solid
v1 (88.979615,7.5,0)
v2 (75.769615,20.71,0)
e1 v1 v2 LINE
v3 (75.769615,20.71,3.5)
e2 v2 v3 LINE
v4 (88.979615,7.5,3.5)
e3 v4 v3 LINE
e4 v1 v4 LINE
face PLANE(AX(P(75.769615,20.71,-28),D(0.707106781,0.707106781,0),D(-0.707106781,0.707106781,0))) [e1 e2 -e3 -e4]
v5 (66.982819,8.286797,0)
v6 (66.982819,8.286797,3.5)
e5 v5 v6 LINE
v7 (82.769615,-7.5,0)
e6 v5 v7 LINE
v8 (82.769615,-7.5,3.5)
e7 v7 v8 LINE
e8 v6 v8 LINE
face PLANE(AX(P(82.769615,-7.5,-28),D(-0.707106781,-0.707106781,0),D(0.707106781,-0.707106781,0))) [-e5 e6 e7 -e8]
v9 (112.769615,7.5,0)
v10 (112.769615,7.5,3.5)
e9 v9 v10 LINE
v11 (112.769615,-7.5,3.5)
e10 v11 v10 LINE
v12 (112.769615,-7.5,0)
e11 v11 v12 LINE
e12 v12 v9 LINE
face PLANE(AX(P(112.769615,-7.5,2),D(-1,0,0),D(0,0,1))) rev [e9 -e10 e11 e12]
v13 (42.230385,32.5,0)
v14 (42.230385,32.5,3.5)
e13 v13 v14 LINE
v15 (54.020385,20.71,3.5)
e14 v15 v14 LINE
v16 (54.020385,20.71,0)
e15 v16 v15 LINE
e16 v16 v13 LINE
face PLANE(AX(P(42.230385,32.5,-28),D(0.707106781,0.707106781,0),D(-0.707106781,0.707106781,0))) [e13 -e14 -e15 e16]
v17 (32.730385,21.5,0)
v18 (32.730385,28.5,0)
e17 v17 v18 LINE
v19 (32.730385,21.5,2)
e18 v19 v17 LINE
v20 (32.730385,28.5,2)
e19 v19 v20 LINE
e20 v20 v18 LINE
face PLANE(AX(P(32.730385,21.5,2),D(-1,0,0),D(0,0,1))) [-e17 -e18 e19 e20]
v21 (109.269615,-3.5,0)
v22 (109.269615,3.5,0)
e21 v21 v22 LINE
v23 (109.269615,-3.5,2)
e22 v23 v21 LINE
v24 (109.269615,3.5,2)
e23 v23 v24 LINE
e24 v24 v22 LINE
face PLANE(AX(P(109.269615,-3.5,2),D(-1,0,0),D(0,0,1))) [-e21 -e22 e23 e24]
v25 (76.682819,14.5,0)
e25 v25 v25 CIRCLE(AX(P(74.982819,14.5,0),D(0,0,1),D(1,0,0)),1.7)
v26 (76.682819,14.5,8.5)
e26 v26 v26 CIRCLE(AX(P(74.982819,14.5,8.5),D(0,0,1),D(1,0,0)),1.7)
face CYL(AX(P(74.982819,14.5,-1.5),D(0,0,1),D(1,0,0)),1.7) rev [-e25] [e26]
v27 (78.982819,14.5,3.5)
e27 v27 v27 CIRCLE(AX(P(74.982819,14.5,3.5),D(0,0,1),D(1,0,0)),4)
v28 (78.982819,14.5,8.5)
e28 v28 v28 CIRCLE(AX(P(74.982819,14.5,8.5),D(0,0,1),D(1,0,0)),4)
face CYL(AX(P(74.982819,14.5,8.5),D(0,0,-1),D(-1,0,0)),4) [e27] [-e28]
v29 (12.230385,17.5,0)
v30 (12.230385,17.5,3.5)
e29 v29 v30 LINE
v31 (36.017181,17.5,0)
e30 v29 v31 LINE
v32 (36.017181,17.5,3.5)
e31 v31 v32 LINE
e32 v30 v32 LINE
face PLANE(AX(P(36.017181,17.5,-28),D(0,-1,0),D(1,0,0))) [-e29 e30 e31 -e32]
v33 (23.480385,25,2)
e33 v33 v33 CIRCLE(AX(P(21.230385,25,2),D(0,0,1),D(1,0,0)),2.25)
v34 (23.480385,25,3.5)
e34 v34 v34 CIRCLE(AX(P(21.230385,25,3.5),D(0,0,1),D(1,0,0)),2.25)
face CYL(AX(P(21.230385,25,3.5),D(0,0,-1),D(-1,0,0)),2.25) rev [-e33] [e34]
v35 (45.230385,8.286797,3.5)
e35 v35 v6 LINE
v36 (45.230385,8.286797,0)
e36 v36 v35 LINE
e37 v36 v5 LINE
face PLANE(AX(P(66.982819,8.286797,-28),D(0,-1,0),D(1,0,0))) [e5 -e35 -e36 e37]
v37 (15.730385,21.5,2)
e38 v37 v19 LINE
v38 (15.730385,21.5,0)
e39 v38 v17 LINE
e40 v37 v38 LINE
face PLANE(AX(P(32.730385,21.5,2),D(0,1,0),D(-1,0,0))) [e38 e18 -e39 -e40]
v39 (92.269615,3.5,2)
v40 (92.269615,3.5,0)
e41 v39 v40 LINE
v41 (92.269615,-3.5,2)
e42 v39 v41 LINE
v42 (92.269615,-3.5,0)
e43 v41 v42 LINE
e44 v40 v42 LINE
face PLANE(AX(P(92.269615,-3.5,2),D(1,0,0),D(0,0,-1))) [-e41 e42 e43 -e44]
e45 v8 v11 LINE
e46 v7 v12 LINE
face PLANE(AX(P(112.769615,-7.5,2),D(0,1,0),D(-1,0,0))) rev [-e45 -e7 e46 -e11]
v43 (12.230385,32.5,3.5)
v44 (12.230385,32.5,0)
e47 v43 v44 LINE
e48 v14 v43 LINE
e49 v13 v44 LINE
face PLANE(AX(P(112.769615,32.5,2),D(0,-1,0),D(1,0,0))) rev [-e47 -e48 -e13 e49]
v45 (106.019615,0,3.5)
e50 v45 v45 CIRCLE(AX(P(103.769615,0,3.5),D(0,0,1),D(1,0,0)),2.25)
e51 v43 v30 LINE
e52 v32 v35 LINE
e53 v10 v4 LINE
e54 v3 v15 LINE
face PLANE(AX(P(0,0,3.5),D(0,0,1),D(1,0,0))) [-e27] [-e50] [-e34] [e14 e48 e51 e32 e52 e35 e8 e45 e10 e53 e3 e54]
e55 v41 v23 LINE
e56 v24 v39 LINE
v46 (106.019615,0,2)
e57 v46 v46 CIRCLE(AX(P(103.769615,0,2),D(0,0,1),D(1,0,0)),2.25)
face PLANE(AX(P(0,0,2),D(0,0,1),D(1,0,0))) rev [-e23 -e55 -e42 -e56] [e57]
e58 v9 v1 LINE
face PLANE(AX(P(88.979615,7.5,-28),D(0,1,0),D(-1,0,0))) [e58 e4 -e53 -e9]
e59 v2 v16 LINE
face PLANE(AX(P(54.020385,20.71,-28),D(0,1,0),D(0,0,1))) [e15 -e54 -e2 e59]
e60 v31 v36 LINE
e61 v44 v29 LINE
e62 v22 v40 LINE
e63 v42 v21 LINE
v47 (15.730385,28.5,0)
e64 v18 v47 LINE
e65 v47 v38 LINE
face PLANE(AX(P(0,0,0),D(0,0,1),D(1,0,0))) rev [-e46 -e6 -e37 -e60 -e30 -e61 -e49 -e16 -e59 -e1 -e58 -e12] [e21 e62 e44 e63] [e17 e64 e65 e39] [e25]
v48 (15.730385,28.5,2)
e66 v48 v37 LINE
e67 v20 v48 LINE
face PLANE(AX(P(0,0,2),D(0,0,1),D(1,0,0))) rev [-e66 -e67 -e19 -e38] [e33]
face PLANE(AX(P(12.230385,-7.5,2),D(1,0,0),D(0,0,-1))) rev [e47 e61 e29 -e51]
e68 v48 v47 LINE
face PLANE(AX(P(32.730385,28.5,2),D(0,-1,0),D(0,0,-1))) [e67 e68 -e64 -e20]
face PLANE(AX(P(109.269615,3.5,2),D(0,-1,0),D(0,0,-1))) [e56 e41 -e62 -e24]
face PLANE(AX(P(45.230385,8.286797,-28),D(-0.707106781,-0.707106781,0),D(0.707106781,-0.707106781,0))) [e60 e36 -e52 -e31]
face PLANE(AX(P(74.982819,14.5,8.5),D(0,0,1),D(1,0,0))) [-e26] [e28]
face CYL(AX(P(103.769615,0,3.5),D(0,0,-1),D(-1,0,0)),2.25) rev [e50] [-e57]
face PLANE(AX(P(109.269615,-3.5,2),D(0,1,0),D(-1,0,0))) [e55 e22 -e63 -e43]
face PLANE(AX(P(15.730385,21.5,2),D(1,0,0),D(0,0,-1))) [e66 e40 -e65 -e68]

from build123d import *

# Parameters (mm, degrees)
SKETCH_1_W          = 100.539230484
SKETCH_1_H          = 40
SKETCH_1_W_2        = 17
SKETCH_1_H_2        = 7
EXTRUDE_1_DEPTH     = 2
SKETCH_2_W          = 100.539230484
SKETCH_2_H          = 40
SKETCH_2_R          = 2.25
EXTRUDE_2_DEPTH     = 1.5
SKETCH_3_W          = 184.808915215
SKETCH_3_H          = 94.825170589
CUT_EXTRUDE_1_DEPTH = 31.5
SKETCH_5_R          = 4
EXTRUDE_4_DEPTH     = 5
SKETCH_6_R          = 1.7
CUT_EXTRUDE_2_DEPTH = 10


with BuildPart() as part:
    # Эскиз1 → Бобышка-Вытянуть1 (new body)
    with BuildSketch(Plane.XY):
        with Locations((62.5, 12.5)):
            Rectangle(SKETCH_1_W, SKETCH_1_H)
        with Locations((24.230384758, 25)):
            Rectangle(SKETCH_1_W_2, SKETCH_1_H_2, mode=Mode.SUBTRACT)
        with Locations((100.769615242, 0)):
            Rectangle(SKETCH_1_W_2, SKETCH_1_H_2, mode=Mode.SUBTRACT)
    extrude(amount=EXTRUDE_1_DEPTH)

    # Эскиз2 → Бобышка-Вытянуть2 (add)
    with BuildSketch(Plane.XY.offset(2)):
        with Locations((62.5, 12.5)):
            Rectangle(SKETCH_2_W, SKETCH_2_H)
        with Locations((21.230384758, 25)):
            Circle(SKETCH_2_R, mode=Mode.SUBTRACT)
        with Locations((103.769615242, 0)):
            Circle(SKETCH_2_R, mode=Mode.SUBTRACT)
    extrude(amount=EXTRUDE_2_DEPTH)

    # Эскиз3 → Вырез-Вытянуть1 (cut)
    with BuildSketch(Plane.XY.offset(3.5)):
        with Locations((81.231416835, 7.831688581)):
            Rectangle(SKETCH_3_W, SKETCH_3_H)
        Polygon((12.230384758, 32.5), (42.230384758, 32.5), (54.020384758, 20.71), (75.769615242, 20.71), (88.979615242, 7.5), (112.769615242, 7.5), (112.769615242, -7.5), (82.769615242, -7.5), (66.982818678, 8.286796564), (45.230384758, 8.286796564), (36.017181322, 17.5), (12.230384758, 17.5), align=None, mode=Mode.SUBTRACT)
    extrude(amount=-CUT_EXTRUDE_1_DEPTH, mode=Mode.SUBTRACT)

    # Эскиз5 → Бобышка-Вытянуть4 (add)
    with BuildSketch(Plane.XY.offset(3.5)):
        with Locations((74.982818678, 14.5)):
            Circle(SKETCH_5_R)
    extrude(amount=EXTRUDE_4_DEPTH)

    # Эскиз6 → Вырез-Вытянуть2 (cut)
    with BuildSketch(Plane.XY.offset(8.5)):
        with Locations((74.982818678, 14.5)):
            Circle(SKETCH_6_R)
    extrude(amount=-CUT_EXTRUDE_2_DEPTH, mode=Mode.SUBTRACT)


solid = part.part
